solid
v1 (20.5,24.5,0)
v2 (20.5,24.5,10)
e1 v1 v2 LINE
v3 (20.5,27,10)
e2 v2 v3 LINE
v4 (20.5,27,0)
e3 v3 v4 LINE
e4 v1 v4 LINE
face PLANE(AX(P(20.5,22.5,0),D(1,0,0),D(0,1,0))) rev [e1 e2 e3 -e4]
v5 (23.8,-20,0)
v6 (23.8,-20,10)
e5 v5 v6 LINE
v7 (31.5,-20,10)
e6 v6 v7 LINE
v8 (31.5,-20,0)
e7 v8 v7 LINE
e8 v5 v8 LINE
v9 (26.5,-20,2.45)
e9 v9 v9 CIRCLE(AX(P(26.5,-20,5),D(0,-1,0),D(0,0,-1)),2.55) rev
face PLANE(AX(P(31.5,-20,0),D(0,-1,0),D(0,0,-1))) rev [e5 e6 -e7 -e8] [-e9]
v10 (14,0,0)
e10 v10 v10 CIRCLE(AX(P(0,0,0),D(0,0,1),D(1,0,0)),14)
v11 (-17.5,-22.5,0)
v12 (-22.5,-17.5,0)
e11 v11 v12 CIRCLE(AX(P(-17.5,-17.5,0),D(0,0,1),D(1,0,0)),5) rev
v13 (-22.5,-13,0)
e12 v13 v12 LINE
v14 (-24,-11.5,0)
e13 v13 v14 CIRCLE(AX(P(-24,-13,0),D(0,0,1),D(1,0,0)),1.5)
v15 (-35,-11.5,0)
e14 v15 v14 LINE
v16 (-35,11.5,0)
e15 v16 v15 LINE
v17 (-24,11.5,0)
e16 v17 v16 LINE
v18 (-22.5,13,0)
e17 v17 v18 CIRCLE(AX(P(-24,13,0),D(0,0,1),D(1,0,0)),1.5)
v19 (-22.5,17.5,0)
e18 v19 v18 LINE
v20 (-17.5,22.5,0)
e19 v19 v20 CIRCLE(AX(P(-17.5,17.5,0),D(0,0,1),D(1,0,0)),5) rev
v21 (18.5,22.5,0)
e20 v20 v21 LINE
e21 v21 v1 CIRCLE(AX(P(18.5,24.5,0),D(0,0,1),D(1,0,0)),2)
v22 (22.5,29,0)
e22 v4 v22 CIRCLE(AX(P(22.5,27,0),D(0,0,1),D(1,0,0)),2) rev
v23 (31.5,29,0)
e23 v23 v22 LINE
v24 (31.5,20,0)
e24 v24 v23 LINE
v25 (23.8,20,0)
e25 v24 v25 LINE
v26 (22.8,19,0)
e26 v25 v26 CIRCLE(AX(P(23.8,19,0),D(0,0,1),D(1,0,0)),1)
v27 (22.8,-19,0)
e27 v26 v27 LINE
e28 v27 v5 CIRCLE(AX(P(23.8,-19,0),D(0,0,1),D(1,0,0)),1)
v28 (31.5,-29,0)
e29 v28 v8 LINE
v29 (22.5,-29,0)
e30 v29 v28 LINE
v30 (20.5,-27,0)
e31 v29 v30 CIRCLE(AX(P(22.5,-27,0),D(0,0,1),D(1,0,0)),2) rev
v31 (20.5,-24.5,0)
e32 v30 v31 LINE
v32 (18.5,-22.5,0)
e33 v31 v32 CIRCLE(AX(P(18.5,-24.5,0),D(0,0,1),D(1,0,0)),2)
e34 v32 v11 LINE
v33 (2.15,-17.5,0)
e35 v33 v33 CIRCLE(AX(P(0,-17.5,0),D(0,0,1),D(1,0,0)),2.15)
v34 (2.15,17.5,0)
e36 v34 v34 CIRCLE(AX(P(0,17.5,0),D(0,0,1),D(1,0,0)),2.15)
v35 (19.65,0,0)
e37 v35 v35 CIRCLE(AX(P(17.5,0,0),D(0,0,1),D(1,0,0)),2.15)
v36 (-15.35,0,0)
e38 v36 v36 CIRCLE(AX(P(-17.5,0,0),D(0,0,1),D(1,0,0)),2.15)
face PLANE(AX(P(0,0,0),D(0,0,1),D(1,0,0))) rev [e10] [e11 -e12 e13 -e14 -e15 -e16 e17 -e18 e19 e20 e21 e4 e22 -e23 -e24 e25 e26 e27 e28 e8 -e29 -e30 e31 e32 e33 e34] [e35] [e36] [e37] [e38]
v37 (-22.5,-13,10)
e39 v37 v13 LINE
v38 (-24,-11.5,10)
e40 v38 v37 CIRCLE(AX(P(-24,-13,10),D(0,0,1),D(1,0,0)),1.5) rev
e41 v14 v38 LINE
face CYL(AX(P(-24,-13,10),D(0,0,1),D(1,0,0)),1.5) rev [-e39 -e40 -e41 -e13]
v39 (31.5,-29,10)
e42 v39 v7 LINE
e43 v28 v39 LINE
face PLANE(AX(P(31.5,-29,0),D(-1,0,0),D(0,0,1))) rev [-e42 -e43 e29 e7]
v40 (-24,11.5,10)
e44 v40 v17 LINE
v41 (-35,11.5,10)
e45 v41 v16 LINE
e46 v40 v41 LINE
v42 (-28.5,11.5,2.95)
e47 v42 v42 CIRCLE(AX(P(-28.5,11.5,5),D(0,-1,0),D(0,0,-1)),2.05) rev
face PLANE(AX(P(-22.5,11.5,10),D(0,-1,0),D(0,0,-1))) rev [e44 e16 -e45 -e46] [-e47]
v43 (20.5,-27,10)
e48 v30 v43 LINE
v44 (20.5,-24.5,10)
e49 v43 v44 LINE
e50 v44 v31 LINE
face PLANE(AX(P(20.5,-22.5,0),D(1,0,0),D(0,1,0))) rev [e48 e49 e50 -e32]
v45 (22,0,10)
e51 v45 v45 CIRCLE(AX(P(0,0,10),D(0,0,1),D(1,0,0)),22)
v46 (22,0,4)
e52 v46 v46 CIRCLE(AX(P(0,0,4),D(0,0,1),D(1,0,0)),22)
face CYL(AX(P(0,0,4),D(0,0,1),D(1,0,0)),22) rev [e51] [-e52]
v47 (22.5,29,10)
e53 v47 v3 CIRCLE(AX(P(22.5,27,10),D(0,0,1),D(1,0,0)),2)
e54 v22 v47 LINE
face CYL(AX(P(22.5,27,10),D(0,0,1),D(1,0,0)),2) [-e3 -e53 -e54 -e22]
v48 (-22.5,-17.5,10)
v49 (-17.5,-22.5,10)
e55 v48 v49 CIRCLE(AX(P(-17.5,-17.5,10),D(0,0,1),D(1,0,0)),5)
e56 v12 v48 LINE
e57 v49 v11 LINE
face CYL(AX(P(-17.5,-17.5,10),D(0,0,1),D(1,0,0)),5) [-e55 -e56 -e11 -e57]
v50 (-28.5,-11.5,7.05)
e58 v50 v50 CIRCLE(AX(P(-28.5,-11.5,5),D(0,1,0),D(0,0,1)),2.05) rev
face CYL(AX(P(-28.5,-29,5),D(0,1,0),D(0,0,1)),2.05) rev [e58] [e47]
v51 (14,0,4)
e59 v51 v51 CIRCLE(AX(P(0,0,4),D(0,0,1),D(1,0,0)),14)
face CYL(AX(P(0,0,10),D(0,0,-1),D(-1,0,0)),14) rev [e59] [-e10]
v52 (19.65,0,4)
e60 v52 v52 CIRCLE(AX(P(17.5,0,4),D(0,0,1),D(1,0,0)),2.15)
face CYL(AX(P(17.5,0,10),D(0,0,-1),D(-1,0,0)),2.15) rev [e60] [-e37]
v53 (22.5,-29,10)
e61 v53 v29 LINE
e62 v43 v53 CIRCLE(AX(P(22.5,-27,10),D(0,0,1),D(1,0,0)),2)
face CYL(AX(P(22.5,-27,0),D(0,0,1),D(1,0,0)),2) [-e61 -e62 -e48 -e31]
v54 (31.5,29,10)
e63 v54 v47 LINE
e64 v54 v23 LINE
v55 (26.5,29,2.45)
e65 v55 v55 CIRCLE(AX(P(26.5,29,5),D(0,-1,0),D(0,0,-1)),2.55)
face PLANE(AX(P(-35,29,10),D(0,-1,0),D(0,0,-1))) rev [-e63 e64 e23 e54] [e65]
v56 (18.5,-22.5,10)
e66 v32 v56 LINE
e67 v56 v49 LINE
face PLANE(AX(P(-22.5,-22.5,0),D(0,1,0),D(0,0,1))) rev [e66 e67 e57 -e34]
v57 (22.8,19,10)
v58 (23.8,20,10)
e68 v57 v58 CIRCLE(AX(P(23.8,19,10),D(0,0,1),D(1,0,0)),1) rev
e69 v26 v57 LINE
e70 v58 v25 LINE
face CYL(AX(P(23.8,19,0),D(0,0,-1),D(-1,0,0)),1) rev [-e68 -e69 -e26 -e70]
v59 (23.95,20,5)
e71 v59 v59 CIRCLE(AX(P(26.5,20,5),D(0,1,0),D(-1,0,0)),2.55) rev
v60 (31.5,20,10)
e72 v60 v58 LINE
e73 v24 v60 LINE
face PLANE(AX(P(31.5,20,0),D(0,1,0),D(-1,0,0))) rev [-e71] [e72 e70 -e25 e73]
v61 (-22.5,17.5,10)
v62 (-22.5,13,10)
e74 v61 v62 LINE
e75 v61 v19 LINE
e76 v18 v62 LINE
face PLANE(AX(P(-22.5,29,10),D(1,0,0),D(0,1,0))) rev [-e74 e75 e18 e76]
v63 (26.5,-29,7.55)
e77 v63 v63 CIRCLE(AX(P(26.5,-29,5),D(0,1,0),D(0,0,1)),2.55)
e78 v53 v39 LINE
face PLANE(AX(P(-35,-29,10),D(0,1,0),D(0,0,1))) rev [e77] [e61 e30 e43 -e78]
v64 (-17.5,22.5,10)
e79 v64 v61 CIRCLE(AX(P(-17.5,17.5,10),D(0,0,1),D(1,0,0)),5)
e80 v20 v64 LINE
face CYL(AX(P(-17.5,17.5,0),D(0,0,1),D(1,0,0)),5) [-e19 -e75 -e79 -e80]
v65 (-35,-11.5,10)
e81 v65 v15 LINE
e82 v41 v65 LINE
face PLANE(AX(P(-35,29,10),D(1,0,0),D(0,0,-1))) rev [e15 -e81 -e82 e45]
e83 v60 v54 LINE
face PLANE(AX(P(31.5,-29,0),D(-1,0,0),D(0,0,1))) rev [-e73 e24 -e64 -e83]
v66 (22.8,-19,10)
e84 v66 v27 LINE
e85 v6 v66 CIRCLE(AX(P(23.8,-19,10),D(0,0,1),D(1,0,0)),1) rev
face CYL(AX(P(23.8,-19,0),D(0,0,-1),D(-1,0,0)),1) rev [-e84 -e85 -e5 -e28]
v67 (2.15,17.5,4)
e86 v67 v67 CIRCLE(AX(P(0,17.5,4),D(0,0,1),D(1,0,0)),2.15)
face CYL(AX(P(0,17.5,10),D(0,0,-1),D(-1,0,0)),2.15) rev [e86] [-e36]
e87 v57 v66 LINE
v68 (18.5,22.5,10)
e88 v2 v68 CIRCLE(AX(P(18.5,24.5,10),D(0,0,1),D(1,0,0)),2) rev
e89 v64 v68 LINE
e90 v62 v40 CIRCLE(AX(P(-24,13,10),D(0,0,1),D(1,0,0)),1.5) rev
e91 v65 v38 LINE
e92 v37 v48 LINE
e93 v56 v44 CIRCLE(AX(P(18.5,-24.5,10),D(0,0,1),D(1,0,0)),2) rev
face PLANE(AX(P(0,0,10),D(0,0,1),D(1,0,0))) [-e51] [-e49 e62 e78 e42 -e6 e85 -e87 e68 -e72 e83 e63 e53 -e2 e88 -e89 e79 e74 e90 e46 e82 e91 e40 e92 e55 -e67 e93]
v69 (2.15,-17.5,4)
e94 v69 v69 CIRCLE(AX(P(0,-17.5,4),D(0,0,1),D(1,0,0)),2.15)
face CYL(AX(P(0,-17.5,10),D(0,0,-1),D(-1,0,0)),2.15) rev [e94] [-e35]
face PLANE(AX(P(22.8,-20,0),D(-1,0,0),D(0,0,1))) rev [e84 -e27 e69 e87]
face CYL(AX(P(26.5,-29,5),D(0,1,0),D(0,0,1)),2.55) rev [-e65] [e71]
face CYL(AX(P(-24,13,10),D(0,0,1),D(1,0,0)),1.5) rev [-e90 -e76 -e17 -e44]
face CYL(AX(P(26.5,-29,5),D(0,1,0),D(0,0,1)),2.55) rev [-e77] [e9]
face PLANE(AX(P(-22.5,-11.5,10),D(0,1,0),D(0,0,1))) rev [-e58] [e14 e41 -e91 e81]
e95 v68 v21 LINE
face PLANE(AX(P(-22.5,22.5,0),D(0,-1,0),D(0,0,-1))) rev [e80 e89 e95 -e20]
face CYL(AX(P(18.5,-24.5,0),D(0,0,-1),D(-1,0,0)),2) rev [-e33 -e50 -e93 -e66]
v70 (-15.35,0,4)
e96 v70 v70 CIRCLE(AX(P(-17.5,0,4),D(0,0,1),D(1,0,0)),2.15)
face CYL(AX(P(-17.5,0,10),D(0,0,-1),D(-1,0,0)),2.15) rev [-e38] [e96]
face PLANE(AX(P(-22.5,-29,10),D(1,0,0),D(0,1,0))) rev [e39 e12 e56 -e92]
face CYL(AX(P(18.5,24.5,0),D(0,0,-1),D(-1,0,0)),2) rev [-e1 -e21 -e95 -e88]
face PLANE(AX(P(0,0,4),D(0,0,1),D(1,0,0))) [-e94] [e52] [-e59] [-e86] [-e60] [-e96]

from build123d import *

# Parameters (mm, degrees)
SKETCH_1_W               = 70
SKETCH_1_H               = 58
SKETCH_1_R               = 2.15
SKETCH_1_R_2             = 14
EXTRUDE_1_DEPTH          = 10
SKETCH_2_R               = 22
CUT_EXTRUDE_1_DEPTH      = 6
SKETCH_3_R               = 2.55
CUT_EXTRUDE_2_DEPTH      = 1
CUT_EXTRUDE_2_DEPTH_BACK = 59
SKETCH_4_R               = 2.05
CUT_EXTRUDE_3_DEPTH      = 1
CUT_EXTRUDE_3_DEPTH_BACK = 59
SKETCH_6_W               = 12.5
SKETCH_6_H               = 17.5
CUT_EXTRUDE_4_DEPTH      = 11
FILLET_1_R               = 1.5
SKETCH_7_W               = 3.5
SKETCH_7_H               = 10
CUT_EXTRUDE_5_DEPTH      = 1
CUT_EXTRUDE_5_DEPTH_BACK = 59
SKETCH_8_W               = 8.7
SKETCH_8_H               = 40
CUT_EXTRUDE_6_DEPTH      = 11
FILLET_3_R               = 1
SKETCH_9_W               = 43
SKETCH_9_H               = 6.5
CUT_EXTRUDE_7_DEPTH      = 11
FILLET_4_R               = 5
FILLET_5_R               = 2


with BuildPart() as part:
    # 草图1 → 凸台-拉伸1 (new body)
    with BuildSketch(Plane.XY):
        Rectangle(SKETCH_1_W, SKETCH_1_H)
        with Locations((17.5, 0)):
            Circle(SKETCH_1_R, mode=Mode.SUBTRACT)
        with Locations((0, -17.5)):
            Circle(SKETCH_1_R, mode=Mode.SUBTRACT)
        with Locations((-17.5, 0)):
            Circle(SKETCH_1_R, mode=Mode.SUBTRACT)
        with Locations((0, 17.5)):
            Circle(SKETCH_1_R, mode=Mode.SUBTRACT)
        Circle(SKETCH_1_R_2, mode=Mode.SUBTRACT)
    extrude(amount=EXTRUDE_1_DEPTH)

    # 草图2 → 切除-拉伸1 (cut)
    with BuildSketch(Plane.XY.offset(10)):
        Circle(SKETCH_2_R)
    extrude(amount=-CUT_EXTRUDE_1_DEPTH, mode=Mode.SUBTRACT)

    # 草图3 → 切除-拉伸2 (cut, two sides)
    with BuildSketch(Plane(origin=(0, 29, 0), x_dir=(1, 0, 0), z_dir=(0, 1, 0))) as cut_extrude_2_sk:
        with Locations((26.5, -5)):
            Circle(SKETCH_3_R)
    extrude(amount=CUT_EXTRUDE_2_DEPTH, mode=Mode.SUBTRACT)
    extrude(cut_extrude_2_sk.sketch, amount=-CUT_EXTRUDE_2_DEPTH_BACK, mode=Mode.SUBTRACT)

    # 草图4 → 切除-拉伸3 (cut, two sides)
    with BuildSketch(Plane(origin=(0, 29, 0), x_dir=(1, 0, 0), z_dir=(0, 1, 0))) as cut_extrude_3_sk:
        with Locations((-28.5, -5)):
            Circle(SKETCH_4_R)
    extrude(amount=CUT_EXTRUDE_3_DEPTH, mode=Mode.SUBTRACT)
    extrude(cut_extrude_3_sk.sketch, amount=-CUT_EXTRUDE_3_DEPTH_BACK, mode=Mode.SUBTRACT)

    # 草图6 → 切除-拉伸4 (cut, through all)
    with BuildSketch(Plane(origin=(0, 0, 0), x_dir=(-1, 0, 0), z_dir=(0, 0, -1))):
        with Locations((28.75, 20.25)):
            Rectangle(SKETCH_6_W, SKETCH_6_H)
        with Locations((28.75, -20.25)):
            Rectangle(SKETCH_6_W, SKETCH_6_H)
    extrude(amount=-CUT_EXTRUDE_4_DEPTH, mode=Mode.SUBTRACT)

    # 圆角1
    fillet_1_edges = [part.edges().sort_by_distance(p)[0] for p in [
        (-22.5, 11.5, 5),
        (-22.5, -11.5, 5),
    ]]
    fillet(fillet_1_edges, radius=FILLET_1_R)

    # 草图7 → 切除-拉伸5 (cut, two sides)
    with BuildSketch(Plane(origin=(0, 29, 0), x_dir=(1, 0, 0), z_dir=(0, 1, 0))) as cut_extrude_5_sk:
        with Locations((33.25, -5)):
            Rectangle(SKETCH_7_W, SKETCH_7_H)
    extrude(amount=CUT_EXTRUDE_5_DEPTH, mode=Mode.SUBTRACT)
    extrude(cut_extrude_5_sk.sketch, amount=-CUT_EXTRUDE_5_DEPTH_BACK, mode=Mode.SUBTRACT)

    # 草图8 → 切除-拉伸6 (cut, through all)
    with BuildSketch(Plane.XY.offset(10)):
        with Locations((27.15, 0)):
            Rectangle(SKETCH_8_W, SKETCH_8_H)
    extrude(amount=-CUT_EXTRUDE_6_DEPTH, mode=Mode.SUBTRACT)

    # 圆角3
    fillet_3_edges = [part.edges().sort_by_distance(p)[0] for p in [
        (22.8, 20, 5),
        (22.8, -20, 5),
    ]]
    fillet(fillet_3_edges, radius=FILLET_3_R)

    # 草图9 → 切除-拉伸7 (cut, through all)
    with BuildSketch(Plane.XY.offset(10)):
        with Locations((-1, -25.75)):
            Rectangle(SKETCH_9_W, SKETCH_9_H)
        with Locations((-1, 25.75)):
            Rectangle(SKETCH_9_W, SKETCH_9_H)
    extrude(amount=-CUT_EXTRUDE_7_DEPTH, mode=Mode.SUBTRACT)

    # 圆角4
    fillet_4_edges = [part.edges().sort_by_distance(p)[0] for p in [
        (-22.5, -22.5, 5),
        (-22.5, 22.5, 5),
    ]]
    fillet(fillet_4_edges, radius=FILLET_4_R)

    # 圆角5
    fillet_5_edges = [part.edges().sort_by_distance(p)[0] for p in [
        (20.5, -22.5, 5),
        (20.5, -29, 5),
        (20.5, 29, 5),
        (20.5, 22.5, 5),
    ]]
    fillet(fillet_5_edges, radius=FILLET_5_R)


solid = part.part
